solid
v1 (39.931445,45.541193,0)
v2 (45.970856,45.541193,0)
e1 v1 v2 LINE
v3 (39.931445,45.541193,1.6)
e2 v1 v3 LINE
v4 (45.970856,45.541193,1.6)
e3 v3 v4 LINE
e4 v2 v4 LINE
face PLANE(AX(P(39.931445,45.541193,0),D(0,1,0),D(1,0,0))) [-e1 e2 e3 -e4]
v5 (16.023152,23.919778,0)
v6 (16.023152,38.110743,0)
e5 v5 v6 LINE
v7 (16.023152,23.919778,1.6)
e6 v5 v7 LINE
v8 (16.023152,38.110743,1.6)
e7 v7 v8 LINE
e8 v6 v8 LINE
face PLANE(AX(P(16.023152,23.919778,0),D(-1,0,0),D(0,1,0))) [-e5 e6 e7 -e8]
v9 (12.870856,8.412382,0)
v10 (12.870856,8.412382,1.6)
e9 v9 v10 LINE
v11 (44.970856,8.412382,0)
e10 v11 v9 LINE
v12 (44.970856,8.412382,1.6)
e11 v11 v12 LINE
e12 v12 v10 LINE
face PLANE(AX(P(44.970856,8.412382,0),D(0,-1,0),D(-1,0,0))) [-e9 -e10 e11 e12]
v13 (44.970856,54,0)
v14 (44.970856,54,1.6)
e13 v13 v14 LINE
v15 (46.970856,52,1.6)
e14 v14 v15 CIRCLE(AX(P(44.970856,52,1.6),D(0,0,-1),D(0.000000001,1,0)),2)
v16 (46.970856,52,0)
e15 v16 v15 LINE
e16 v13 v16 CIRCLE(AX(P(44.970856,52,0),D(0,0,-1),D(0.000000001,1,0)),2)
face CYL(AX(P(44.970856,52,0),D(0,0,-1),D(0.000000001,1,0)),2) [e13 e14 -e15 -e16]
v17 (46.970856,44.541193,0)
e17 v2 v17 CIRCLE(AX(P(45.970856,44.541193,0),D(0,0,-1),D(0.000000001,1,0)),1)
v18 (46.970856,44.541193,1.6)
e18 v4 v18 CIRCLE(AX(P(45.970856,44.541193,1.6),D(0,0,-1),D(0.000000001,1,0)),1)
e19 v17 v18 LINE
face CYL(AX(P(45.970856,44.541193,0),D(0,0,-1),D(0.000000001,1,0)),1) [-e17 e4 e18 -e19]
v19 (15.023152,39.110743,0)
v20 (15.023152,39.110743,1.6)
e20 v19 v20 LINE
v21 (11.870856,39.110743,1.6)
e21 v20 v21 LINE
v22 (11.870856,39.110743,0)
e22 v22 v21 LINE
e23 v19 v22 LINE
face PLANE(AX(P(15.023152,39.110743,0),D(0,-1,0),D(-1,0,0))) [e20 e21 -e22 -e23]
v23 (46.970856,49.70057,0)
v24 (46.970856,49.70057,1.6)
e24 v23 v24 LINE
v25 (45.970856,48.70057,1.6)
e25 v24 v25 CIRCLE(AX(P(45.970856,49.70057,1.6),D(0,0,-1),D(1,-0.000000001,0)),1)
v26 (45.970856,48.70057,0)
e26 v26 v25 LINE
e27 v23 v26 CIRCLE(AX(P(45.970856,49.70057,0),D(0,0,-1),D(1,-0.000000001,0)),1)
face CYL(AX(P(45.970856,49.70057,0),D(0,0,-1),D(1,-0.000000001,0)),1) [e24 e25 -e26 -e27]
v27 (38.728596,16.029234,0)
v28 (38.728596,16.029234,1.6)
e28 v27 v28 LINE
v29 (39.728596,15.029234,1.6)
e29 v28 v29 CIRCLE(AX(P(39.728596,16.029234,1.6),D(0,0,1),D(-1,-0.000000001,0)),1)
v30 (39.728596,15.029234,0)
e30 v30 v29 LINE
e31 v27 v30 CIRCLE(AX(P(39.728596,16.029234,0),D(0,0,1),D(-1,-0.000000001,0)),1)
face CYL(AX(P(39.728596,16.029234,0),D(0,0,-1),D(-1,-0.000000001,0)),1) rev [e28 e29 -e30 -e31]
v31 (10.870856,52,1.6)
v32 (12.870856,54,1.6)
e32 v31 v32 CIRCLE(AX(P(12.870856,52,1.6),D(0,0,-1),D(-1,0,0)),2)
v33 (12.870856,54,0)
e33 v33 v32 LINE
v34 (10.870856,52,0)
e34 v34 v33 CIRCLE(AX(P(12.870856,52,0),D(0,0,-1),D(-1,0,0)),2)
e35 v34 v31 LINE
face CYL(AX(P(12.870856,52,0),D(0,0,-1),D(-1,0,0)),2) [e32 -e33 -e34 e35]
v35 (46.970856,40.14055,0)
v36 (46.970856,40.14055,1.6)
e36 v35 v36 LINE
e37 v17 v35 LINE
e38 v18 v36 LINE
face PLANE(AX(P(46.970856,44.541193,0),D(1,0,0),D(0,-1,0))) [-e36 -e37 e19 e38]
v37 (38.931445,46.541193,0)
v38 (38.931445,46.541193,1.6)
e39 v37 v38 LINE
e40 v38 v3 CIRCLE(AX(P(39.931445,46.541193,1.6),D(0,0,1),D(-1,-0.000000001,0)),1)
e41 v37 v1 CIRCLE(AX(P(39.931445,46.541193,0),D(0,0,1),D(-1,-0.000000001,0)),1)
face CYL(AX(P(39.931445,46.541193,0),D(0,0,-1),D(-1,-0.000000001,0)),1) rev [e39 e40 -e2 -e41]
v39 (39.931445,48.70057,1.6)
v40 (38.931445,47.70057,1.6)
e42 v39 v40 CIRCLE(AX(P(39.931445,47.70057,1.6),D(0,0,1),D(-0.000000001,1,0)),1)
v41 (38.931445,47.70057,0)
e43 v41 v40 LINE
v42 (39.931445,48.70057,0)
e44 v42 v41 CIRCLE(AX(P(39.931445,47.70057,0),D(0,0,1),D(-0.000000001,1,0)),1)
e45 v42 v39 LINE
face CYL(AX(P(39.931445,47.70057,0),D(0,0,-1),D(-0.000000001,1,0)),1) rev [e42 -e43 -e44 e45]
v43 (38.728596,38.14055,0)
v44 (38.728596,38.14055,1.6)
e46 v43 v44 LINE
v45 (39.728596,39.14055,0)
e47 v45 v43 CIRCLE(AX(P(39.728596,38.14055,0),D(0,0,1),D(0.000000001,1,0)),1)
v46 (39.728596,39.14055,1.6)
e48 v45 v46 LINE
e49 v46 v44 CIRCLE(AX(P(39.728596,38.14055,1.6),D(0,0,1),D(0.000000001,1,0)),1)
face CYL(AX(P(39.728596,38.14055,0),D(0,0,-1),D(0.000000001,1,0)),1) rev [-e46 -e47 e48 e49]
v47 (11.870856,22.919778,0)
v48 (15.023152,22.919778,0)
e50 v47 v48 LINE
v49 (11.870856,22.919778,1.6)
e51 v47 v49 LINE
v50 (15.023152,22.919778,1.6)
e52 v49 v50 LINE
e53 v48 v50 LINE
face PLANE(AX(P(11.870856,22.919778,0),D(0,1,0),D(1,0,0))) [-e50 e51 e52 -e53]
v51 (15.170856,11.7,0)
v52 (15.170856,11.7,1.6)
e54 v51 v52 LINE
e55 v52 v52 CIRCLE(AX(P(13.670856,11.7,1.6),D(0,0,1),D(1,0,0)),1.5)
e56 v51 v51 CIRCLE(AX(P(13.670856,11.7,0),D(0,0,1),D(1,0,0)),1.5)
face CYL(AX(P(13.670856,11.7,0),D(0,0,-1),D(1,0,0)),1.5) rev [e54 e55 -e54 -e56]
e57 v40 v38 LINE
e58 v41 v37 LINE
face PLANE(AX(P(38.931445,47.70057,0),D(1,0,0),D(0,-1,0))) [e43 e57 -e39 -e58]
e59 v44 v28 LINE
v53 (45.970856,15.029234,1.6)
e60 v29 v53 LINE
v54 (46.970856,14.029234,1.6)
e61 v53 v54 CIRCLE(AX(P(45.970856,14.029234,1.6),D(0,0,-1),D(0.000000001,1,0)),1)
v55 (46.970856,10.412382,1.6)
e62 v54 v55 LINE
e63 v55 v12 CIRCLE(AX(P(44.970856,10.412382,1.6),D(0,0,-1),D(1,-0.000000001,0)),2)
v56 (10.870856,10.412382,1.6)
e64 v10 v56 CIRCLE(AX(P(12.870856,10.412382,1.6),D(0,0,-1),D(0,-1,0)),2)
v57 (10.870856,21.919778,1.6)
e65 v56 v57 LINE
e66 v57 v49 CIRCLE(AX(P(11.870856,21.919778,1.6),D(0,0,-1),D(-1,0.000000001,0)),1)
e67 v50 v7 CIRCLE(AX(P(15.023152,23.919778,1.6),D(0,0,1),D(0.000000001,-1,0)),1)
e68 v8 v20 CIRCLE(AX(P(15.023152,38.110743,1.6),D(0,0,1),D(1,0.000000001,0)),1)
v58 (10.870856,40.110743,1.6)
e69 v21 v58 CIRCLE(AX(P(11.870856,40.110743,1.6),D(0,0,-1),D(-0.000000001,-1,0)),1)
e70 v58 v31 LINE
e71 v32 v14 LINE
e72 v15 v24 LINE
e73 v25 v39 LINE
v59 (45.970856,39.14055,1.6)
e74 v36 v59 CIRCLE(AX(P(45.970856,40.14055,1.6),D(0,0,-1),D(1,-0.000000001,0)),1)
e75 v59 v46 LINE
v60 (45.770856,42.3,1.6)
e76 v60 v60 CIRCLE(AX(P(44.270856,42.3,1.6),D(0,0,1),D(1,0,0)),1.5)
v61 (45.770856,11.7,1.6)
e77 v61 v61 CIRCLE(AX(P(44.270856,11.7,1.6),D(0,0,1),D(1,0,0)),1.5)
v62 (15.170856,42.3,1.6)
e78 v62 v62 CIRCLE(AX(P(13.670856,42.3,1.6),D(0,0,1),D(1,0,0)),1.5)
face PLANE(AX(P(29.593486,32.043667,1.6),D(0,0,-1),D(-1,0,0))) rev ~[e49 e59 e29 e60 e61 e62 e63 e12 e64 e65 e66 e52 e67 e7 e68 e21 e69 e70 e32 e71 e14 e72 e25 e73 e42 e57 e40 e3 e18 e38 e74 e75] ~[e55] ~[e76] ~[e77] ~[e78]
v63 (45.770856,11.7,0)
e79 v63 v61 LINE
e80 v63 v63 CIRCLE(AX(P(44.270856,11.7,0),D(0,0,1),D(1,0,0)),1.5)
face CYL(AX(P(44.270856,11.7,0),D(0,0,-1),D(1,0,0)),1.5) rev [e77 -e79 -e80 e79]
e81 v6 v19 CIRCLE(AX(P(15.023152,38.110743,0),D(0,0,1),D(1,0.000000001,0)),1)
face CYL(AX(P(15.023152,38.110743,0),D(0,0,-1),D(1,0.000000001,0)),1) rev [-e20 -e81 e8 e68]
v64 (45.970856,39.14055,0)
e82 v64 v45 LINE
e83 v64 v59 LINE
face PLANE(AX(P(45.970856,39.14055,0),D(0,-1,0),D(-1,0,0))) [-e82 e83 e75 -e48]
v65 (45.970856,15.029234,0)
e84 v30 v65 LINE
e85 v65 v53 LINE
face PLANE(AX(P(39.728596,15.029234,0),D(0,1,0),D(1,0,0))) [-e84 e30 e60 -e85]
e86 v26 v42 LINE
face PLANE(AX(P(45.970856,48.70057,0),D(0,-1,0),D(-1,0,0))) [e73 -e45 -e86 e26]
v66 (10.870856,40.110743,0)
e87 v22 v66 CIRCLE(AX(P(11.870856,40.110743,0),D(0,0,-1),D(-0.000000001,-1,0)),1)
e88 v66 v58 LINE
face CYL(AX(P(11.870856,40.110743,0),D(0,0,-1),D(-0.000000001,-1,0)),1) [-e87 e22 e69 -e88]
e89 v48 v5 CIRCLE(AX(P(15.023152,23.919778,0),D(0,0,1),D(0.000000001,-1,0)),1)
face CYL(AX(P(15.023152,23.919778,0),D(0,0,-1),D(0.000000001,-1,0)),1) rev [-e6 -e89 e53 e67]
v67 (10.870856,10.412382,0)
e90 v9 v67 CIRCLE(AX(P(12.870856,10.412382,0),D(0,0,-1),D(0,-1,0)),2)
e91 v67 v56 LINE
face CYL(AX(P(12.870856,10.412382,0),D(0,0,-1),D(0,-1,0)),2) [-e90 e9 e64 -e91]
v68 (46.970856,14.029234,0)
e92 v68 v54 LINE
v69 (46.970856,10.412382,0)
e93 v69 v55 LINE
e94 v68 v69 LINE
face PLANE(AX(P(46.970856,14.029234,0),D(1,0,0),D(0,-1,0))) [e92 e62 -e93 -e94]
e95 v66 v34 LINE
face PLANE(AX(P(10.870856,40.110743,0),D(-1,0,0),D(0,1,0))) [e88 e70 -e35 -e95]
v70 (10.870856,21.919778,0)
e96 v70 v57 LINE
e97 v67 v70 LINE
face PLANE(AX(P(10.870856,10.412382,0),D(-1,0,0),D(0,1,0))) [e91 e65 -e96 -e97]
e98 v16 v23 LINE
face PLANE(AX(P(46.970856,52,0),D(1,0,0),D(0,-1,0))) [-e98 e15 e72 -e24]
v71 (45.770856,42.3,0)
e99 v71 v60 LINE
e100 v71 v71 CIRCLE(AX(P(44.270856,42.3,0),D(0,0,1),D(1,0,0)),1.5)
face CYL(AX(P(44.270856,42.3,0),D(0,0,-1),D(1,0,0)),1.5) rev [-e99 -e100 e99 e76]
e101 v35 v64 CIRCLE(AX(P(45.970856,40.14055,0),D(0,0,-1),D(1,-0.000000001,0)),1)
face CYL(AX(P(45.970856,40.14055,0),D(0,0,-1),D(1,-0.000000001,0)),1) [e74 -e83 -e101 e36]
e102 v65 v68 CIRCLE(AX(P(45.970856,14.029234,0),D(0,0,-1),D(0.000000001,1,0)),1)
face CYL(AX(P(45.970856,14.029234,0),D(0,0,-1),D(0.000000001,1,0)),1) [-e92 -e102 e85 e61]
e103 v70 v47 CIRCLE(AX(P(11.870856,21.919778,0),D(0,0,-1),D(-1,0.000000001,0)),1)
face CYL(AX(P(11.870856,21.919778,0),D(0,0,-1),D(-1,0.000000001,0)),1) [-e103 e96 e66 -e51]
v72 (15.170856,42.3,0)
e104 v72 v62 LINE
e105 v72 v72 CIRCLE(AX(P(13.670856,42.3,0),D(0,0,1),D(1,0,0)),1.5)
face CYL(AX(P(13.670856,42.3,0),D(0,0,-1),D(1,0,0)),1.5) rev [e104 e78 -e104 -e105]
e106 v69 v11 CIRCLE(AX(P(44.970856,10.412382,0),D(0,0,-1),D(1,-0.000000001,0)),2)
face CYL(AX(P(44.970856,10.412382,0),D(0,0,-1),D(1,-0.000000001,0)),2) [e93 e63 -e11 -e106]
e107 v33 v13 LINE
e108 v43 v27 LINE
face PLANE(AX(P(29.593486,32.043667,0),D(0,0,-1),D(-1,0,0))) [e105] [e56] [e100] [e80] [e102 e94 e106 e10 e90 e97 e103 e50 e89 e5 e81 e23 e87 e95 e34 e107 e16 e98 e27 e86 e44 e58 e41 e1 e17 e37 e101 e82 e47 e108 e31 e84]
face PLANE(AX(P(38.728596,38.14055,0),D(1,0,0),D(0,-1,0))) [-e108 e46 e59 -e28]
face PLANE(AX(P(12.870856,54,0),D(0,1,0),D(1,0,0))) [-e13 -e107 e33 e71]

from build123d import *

# Parameters (mm, degrees)
BOARD3_R        = 1.5
EXTRUDE_4_DEPTH = 1.6


with BuildPart() as part:
    # Board3 → Бобышка-Вытянуть4 (new body)
    with BuildSketch(Plane.XY):
        with BuildLine():
            Line((12.870855766, 54), (44.970855766, 54))
            ThreePointArc((44.970855766, 54), (46.385069328, 53.414213562), (46.970855766, 52))
            Line((46.970855766, 52), (46.970855766, 49.700569912))
            ThreePointArc((46.970855766, 49.700569912), (46.677962547, 48.993463131), (45.970855766, 48.700569912))
            Line((45.970855766, 48.700569912), (39.93144499, 48.700569912))
            ThreePointArc((39.93144499, 48.700569912), (39.224338209, 48.407676693), (38.93144499, 47.700569912))
            Line((38.93144499, 47.700569912), (38.93144499, 46.541193448))
            ThreePointArc((38.93144499, 46.541193448), (39.224338209, 45.834086667), (39.93144499, 45.541193448))
            Line((39.93144499, 45.541193448), (45.970855766, 45.541193448))
            ThreePointArc((45.970855766, 45.541193448), (46.677962547, 45.248300229), (46.970855766, 44.541193448))
            Line((46.970855766, 44.541193448), (46.970855766, 40.140550153))
            ThreePointArc((46.970855766, 40.140550153), (46.677962547, 39.433443372), (45.970855766, 39.140550153))
            Line((45.970855766, 39.140550153), (39.728596312, 39.140550153))
            ThreePointArc((39.728596312, 39.140550153), (39.021489531, 38.847656935), (38.728596312, 38.140550153))
            Line((38.728596312, 38.140550153), (38.728596312, 16.029234453))
            ThreePointArc((38.728596312, 16.029234453), (39.021489531, 15.322127672), (39.728596312, 15.029234453))
            Line((39.728596312, 15.029234453), (45.970855766, 15.029234453))
            ThreePointArc((45.970855766, 15.029234453), (46.677962547, 14.736341234), (46.970855766, 14.029234453))
            Line((46.970855766, 14.029234453), (46.970855766, 10.412381856))
            ThreePointArc((46.970855766, 10.412381856), (46.385069328, 8.998168294), (44.970855766, 8.412381856))
            Line((44.970855766, 8.412381856), (12.870855766, 8.412381856))
            ThreePointArc((12.870855766, 8.412381856), (11.456642203, 8.998168294), (10.870855766, 10.412381856))
            Line((10.870855766, 10.412381856), (10.870855766, 21.919777804))
            ThreePointArc((10.870855766, 21.919777804), (11.163748985, 22.626884585), (11.870855766, 22.919777804))
            Line((11.870855766, 22.919777804), (15.023151862, 22.919777804))
            ThreePointArc((15.023151862, 22.919777804), (15.730258643, 23.212671023), (16.023151862, 23.919777804))
            Line((16.023151862, 23.919777804), (16.023151862, 38.110742779))
            ThreePointArc((16.023151862, 38.110742779), (15.730258643, 38.81784956), (15.023151862, 39.110742779))
            Line((15.023151862, 39.110742779), (11.870855766, 39.110742779))
            ThreePointArc((11.870855766, 39.110742779), (11.163748985, 39.403635998), (10.870855766, 40.110742779))
            Line((10.870855766, 40.110742779), (10.870855766, 52))
            ThreePointArc((10.870855766, 52), (11.456642203, 53.414213562), (12.870855766, 54))
        make_face()
        with Locations((13.670855766, 42.3)):
            Circle(BOARD3_R, mode=Mode.SUBTRACT)
        with Locations((44.270855766, 42.3)):
            Circle(BOARD3_R, mode=Mode.SUBTRACT)
        with Locations((13.670855766, 11.7)):
            Circle(BOARD3_R, mode=Mode.SUBTRACT)
        with Locations((44.270855766, 11.7)):
            Circle(BOARD3_R, mode=Mode.SUBTRACT)
    extrude(amount=EXTRUDE_4_DEPTH)


solid = part.part
